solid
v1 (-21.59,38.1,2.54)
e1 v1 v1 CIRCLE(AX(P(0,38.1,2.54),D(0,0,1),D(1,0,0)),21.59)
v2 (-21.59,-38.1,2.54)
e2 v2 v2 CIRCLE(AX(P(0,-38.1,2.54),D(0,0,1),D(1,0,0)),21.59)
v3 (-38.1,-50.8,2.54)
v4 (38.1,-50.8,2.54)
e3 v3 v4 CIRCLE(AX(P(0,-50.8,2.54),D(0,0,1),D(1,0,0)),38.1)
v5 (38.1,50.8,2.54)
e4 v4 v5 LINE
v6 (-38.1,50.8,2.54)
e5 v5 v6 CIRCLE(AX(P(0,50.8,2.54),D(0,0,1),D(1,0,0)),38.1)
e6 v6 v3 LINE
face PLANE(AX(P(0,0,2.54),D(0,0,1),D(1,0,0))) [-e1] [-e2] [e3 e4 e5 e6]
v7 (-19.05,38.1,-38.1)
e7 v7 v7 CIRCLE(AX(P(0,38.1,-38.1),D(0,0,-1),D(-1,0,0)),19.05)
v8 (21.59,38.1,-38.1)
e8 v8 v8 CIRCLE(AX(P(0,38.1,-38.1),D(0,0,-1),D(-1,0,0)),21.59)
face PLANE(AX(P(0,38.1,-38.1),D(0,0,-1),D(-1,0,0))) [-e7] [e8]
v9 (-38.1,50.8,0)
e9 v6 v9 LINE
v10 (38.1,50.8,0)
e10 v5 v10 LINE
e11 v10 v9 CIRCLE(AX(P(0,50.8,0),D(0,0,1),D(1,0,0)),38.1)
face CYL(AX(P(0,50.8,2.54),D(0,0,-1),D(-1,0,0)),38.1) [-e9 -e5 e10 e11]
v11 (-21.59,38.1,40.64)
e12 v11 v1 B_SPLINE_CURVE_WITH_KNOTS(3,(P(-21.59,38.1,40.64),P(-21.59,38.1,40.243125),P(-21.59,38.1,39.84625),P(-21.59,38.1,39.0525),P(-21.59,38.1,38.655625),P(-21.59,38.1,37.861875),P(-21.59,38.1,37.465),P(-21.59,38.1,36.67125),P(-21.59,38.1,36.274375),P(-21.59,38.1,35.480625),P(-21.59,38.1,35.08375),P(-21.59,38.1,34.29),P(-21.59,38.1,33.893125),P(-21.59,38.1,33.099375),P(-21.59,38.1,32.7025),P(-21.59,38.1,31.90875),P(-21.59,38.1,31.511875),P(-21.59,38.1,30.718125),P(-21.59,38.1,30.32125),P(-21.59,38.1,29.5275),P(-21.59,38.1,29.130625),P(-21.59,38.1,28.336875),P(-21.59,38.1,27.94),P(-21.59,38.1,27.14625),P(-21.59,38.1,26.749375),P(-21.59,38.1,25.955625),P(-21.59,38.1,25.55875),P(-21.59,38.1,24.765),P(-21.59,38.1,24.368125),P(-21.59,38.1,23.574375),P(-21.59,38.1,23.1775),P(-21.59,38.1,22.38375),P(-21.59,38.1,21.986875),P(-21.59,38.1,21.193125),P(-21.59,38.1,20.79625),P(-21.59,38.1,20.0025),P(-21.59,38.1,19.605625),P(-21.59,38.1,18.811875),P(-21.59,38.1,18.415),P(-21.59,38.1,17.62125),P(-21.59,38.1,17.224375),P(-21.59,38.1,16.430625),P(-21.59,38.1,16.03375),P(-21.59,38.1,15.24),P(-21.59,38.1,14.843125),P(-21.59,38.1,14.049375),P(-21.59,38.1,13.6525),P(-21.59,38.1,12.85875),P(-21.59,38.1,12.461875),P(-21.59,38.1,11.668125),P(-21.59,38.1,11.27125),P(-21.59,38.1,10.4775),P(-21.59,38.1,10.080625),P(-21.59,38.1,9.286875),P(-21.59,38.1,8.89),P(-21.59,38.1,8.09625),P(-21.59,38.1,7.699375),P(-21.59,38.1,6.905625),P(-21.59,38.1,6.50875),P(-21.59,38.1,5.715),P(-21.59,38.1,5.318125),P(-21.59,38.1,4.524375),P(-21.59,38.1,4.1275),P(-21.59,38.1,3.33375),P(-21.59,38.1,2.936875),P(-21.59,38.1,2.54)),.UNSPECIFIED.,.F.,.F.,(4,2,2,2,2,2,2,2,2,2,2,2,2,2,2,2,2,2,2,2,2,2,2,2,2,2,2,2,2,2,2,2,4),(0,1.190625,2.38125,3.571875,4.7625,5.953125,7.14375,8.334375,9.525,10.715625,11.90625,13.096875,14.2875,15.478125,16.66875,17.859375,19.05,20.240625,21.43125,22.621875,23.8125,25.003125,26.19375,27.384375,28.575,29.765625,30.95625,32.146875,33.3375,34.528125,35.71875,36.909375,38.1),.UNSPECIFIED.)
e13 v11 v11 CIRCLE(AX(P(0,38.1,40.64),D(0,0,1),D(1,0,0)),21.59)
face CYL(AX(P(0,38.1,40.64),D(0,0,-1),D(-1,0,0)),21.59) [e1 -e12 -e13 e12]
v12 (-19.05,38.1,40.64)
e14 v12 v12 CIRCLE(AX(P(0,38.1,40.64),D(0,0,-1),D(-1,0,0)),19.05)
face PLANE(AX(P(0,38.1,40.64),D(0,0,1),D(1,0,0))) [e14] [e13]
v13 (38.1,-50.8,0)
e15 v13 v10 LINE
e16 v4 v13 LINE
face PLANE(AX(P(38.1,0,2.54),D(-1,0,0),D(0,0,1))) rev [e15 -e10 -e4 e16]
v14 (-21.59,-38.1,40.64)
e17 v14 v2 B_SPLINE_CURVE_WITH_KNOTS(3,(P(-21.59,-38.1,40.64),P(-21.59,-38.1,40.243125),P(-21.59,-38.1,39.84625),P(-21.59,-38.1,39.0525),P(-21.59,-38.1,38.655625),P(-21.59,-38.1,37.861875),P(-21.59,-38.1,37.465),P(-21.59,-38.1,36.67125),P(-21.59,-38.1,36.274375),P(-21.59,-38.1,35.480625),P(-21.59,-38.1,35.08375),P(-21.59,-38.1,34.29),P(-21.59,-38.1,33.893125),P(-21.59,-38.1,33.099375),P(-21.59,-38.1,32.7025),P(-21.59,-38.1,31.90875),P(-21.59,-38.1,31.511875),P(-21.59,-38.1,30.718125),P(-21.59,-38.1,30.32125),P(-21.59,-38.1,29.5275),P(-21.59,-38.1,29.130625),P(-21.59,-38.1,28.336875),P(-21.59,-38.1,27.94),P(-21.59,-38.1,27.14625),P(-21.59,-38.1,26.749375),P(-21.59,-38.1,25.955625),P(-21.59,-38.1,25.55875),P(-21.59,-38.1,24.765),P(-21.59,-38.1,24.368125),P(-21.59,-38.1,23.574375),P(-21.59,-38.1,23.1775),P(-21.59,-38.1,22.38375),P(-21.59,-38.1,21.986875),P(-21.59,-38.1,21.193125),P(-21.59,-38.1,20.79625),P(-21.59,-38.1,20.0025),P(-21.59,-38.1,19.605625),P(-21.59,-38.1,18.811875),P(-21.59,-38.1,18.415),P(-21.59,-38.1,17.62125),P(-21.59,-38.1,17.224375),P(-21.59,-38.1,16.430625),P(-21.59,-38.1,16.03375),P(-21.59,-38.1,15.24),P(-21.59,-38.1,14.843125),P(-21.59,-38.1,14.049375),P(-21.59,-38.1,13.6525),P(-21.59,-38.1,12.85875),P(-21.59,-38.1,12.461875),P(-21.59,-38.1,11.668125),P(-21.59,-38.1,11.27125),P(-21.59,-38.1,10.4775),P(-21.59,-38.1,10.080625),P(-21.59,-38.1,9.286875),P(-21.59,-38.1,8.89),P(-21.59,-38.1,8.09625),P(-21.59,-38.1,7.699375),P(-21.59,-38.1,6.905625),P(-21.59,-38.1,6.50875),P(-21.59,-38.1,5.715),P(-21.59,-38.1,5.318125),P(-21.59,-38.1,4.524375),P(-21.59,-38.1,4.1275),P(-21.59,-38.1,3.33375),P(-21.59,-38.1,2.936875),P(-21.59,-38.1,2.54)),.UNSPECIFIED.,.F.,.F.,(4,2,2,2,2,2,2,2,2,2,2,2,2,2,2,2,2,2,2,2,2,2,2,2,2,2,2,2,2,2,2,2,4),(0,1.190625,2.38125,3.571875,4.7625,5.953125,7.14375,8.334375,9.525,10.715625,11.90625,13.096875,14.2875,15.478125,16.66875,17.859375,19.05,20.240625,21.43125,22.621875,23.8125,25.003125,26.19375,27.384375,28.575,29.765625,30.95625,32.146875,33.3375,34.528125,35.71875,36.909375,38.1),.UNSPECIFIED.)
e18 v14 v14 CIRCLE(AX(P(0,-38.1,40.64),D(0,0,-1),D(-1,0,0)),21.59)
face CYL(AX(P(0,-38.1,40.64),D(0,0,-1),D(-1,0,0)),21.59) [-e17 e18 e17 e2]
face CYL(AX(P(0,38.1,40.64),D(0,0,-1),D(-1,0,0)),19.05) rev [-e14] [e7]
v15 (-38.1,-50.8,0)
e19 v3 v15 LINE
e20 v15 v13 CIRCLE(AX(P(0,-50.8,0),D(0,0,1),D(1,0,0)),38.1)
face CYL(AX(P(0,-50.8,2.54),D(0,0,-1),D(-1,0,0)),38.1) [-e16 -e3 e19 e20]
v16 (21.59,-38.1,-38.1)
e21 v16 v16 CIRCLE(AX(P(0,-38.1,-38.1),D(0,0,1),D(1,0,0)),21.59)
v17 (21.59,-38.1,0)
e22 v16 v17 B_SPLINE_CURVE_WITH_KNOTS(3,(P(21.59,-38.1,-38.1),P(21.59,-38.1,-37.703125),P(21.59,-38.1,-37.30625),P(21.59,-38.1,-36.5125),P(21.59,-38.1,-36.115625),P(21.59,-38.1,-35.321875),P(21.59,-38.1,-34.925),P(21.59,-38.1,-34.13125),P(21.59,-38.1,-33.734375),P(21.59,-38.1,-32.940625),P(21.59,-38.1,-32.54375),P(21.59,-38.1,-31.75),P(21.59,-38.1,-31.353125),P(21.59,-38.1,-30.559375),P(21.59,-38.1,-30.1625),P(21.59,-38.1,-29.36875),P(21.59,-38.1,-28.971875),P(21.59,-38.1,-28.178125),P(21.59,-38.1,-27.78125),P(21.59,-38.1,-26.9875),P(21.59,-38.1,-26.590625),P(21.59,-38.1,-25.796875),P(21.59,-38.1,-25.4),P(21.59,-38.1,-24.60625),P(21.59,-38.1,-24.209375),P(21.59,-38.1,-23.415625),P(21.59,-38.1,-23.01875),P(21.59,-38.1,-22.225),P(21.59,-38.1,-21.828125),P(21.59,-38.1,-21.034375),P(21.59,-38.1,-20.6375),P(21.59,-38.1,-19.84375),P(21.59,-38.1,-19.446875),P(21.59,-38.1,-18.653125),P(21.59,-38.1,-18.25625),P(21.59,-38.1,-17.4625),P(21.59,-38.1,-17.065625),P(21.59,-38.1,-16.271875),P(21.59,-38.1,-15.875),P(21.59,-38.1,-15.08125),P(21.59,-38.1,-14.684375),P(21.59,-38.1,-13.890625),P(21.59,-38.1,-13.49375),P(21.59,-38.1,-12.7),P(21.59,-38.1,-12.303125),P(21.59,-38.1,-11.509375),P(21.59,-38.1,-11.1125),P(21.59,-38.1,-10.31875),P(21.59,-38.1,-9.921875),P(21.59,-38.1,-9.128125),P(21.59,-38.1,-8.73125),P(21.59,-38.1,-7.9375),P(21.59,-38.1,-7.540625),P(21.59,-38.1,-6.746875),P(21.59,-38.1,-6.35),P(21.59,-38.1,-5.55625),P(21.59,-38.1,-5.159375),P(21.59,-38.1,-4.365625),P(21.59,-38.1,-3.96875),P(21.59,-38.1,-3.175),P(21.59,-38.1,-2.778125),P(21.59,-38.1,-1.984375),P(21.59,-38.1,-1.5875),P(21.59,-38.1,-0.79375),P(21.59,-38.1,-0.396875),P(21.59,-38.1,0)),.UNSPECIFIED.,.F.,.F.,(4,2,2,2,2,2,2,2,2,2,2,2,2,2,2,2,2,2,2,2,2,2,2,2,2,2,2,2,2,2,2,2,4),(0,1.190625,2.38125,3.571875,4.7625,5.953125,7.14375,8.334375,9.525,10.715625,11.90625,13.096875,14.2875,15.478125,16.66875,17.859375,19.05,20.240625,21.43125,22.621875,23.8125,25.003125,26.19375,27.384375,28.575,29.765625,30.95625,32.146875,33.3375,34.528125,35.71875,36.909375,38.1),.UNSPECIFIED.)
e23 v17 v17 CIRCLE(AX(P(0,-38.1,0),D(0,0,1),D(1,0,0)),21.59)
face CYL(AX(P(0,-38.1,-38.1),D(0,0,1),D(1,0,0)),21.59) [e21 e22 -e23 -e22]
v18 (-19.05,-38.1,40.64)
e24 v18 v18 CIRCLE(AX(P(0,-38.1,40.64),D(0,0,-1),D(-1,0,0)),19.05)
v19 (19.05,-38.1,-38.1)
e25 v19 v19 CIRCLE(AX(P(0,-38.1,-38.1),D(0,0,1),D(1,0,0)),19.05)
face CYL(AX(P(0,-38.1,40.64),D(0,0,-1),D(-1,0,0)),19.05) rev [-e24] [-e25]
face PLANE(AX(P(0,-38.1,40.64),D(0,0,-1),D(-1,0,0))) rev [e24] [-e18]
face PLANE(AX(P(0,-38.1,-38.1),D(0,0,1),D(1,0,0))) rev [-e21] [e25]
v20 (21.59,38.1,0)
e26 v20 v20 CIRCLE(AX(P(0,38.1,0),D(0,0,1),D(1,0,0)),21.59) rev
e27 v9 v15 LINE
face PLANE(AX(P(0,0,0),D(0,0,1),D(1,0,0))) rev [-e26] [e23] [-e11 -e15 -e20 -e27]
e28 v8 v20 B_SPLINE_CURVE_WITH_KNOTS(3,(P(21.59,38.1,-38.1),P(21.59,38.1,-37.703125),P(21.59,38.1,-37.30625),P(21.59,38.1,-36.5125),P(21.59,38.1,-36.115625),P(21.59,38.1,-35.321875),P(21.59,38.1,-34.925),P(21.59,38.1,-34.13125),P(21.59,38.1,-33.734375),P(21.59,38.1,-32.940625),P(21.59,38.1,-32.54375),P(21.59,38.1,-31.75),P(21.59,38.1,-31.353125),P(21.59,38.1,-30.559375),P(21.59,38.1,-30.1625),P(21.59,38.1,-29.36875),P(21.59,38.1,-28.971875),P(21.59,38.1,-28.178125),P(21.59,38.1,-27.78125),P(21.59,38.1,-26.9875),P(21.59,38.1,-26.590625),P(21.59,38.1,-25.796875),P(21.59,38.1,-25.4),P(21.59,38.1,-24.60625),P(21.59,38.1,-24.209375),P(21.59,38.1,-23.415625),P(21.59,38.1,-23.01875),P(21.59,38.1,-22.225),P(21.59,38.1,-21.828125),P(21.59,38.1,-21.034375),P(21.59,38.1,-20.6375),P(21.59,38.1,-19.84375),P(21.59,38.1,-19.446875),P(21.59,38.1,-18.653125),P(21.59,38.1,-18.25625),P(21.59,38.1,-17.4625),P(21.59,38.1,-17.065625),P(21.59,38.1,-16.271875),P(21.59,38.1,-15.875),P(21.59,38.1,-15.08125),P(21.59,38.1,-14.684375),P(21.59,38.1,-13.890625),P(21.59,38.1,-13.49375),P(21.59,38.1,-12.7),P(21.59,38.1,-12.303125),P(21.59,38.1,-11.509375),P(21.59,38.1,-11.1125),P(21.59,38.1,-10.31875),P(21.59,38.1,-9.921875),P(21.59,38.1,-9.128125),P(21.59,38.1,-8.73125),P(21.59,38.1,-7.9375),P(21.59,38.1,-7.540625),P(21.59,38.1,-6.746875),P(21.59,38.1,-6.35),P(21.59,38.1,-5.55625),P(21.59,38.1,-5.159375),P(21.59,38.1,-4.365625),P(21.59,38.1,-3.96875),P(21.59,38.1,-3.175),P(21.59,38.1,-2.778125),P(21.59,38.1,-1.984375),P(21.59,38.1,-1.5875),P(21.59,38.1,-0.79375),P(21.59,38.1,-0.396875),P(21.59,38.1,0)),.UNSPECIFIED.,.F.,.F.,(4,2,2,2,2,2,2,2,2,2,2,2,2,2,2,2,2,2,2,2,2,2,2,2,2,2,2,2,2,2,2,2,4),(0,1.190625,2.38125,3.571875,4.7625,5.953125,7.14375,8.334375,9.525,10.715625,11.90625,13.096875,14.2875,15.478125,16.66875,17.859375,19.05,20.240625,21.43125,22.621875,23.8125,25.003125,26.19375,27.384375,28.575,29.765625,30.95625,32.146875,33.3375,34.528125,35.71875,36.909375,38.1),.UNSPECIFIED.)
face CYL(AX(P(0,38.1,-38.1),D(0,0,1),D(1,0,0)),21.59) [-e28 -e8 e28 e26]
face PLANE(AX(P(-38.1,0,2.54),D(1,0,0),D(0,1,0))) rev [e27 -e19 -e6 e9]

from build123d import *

# Parameters (mm, degrees)
BOSS_EXTRUDE1_DEPTH     = 2.54
SKETCH5_R               = 21.59
BOSS_EXTRUDE5_DEPTH     = 38.1
BOSS_EXTRUDE6_START     = 38.1
SKETCH2_R               = 21.59
BOSS_EXTRUDE6_DEPTH     = 38.1
CUT_EXTRUDE2_DEPTH      = 125.718914363
CUT_EXTRUDE2_DEPTH_BACK = 125.718914363
SKETCH6_R               = 19.05


with BuildPart() as part:
    # Sketch1 → Boss-Extrude1 (new body)
    with BuildSketch(Plane.XY):
        with BuildLine():
            Line((38.1, 50.8), (0, 50.8))
            Line((0, 50.8), (-38.1, 50.8))
            ThreePointArc((-38.1, 50.8), (0, 12.7), (38.1, 50.8))
        make_face()
        with BuildLine():
            Line((-38.1, 50.8), (0, 50.8))
            Line((0, 50.8), (38.1, 50.8))
            ThreePointArc((38.1, 50.8), (0, 88.9), (-38.1, 50.8))
        make_face()
        with BuildLine():
            ThreePointArc((38.1, 50.8), (0, 12.7), (-38.1, 50.8))
            Line((-38.1, 50.8), (-38.1, -50.8))
            ThreePointArc((-38.1, -50.8), (0, -12.7), (38.1, -50.8))
            Line((38.1, -50.8), (38.1, 50.8))
        make_face()
        with BuildLine():
            ThreePointArc((38.1, -50.8), (0, -12.7), (-38.1, -50.8))
            Line((-38.1, -50.8), (0, -50.8))
            Line((0, -50.8), (38.1, -50.8))
        make_face()
        with BuildLine():
            Line((0, -50.8), (-38.1, -50.8))
            ThreePointArc((-38.1, -50.8), (0, -88.9), (38.1, -50.8))
            Line((38.1, -50.8), (0, -50.8))
        make_face()
    extrude(amount=BOSS_EXTRUDE1_DEPTH)

    # Sketch5 → Boss-Extrude5 (add)
    with BuildSketch(Plane(origin=(0, 0, 0), x_dir=(-1, 0, 0), z_dir=(0, 0, -1))):
        with Locations(Location((0, 38.1, 0), (0, 0, 180))):
            Circle(SKETCH5_R)
        with Locations(Location((0, -38.1, 0), (0, 0, 180))):
            Circle(SKETCH5_R)
    extrude(amount=BOSS_EXTRUDE5_DEPTH)

    # Sketch2 → Boss-Extrude6 (add)
    with BuildSketch(Plane.XY.offset(2.54).offset(BOSS_EXTRUDE6_START)):
        with Locations((0, 38.1)):
            Circle(SKETCH2_R)
        with Locations((0, -38.1)):
            Circle(SKETCH2_R)
    extrude(amount=-BOSS_EXTRUDE6_DEPTH)

    # Sketch6 → Cut-Extrude2 (cut, two sides: drawn at the far end of the back side and taken through both)
    with BuildSketch(Plane(origin=(0, 0, -38.1), x_dir=(-1, 0, 0), z_dir=(0, 0, -1)).offset(-CUT_EXTRUDE2_DEPTH_BACK)):
        with Locations((0, 38.1)):
            Circle(SKETCH6_R)
        with Locations((0, -38.1)):
            Circle(SKETCH6_R)
    extrude(amount=CUT_EXTRUDE2_DEPTH + CUT_EXTRUDE2_DEPTH_BACK, mode=Mode.SUBTRACT)


solid = part.part
